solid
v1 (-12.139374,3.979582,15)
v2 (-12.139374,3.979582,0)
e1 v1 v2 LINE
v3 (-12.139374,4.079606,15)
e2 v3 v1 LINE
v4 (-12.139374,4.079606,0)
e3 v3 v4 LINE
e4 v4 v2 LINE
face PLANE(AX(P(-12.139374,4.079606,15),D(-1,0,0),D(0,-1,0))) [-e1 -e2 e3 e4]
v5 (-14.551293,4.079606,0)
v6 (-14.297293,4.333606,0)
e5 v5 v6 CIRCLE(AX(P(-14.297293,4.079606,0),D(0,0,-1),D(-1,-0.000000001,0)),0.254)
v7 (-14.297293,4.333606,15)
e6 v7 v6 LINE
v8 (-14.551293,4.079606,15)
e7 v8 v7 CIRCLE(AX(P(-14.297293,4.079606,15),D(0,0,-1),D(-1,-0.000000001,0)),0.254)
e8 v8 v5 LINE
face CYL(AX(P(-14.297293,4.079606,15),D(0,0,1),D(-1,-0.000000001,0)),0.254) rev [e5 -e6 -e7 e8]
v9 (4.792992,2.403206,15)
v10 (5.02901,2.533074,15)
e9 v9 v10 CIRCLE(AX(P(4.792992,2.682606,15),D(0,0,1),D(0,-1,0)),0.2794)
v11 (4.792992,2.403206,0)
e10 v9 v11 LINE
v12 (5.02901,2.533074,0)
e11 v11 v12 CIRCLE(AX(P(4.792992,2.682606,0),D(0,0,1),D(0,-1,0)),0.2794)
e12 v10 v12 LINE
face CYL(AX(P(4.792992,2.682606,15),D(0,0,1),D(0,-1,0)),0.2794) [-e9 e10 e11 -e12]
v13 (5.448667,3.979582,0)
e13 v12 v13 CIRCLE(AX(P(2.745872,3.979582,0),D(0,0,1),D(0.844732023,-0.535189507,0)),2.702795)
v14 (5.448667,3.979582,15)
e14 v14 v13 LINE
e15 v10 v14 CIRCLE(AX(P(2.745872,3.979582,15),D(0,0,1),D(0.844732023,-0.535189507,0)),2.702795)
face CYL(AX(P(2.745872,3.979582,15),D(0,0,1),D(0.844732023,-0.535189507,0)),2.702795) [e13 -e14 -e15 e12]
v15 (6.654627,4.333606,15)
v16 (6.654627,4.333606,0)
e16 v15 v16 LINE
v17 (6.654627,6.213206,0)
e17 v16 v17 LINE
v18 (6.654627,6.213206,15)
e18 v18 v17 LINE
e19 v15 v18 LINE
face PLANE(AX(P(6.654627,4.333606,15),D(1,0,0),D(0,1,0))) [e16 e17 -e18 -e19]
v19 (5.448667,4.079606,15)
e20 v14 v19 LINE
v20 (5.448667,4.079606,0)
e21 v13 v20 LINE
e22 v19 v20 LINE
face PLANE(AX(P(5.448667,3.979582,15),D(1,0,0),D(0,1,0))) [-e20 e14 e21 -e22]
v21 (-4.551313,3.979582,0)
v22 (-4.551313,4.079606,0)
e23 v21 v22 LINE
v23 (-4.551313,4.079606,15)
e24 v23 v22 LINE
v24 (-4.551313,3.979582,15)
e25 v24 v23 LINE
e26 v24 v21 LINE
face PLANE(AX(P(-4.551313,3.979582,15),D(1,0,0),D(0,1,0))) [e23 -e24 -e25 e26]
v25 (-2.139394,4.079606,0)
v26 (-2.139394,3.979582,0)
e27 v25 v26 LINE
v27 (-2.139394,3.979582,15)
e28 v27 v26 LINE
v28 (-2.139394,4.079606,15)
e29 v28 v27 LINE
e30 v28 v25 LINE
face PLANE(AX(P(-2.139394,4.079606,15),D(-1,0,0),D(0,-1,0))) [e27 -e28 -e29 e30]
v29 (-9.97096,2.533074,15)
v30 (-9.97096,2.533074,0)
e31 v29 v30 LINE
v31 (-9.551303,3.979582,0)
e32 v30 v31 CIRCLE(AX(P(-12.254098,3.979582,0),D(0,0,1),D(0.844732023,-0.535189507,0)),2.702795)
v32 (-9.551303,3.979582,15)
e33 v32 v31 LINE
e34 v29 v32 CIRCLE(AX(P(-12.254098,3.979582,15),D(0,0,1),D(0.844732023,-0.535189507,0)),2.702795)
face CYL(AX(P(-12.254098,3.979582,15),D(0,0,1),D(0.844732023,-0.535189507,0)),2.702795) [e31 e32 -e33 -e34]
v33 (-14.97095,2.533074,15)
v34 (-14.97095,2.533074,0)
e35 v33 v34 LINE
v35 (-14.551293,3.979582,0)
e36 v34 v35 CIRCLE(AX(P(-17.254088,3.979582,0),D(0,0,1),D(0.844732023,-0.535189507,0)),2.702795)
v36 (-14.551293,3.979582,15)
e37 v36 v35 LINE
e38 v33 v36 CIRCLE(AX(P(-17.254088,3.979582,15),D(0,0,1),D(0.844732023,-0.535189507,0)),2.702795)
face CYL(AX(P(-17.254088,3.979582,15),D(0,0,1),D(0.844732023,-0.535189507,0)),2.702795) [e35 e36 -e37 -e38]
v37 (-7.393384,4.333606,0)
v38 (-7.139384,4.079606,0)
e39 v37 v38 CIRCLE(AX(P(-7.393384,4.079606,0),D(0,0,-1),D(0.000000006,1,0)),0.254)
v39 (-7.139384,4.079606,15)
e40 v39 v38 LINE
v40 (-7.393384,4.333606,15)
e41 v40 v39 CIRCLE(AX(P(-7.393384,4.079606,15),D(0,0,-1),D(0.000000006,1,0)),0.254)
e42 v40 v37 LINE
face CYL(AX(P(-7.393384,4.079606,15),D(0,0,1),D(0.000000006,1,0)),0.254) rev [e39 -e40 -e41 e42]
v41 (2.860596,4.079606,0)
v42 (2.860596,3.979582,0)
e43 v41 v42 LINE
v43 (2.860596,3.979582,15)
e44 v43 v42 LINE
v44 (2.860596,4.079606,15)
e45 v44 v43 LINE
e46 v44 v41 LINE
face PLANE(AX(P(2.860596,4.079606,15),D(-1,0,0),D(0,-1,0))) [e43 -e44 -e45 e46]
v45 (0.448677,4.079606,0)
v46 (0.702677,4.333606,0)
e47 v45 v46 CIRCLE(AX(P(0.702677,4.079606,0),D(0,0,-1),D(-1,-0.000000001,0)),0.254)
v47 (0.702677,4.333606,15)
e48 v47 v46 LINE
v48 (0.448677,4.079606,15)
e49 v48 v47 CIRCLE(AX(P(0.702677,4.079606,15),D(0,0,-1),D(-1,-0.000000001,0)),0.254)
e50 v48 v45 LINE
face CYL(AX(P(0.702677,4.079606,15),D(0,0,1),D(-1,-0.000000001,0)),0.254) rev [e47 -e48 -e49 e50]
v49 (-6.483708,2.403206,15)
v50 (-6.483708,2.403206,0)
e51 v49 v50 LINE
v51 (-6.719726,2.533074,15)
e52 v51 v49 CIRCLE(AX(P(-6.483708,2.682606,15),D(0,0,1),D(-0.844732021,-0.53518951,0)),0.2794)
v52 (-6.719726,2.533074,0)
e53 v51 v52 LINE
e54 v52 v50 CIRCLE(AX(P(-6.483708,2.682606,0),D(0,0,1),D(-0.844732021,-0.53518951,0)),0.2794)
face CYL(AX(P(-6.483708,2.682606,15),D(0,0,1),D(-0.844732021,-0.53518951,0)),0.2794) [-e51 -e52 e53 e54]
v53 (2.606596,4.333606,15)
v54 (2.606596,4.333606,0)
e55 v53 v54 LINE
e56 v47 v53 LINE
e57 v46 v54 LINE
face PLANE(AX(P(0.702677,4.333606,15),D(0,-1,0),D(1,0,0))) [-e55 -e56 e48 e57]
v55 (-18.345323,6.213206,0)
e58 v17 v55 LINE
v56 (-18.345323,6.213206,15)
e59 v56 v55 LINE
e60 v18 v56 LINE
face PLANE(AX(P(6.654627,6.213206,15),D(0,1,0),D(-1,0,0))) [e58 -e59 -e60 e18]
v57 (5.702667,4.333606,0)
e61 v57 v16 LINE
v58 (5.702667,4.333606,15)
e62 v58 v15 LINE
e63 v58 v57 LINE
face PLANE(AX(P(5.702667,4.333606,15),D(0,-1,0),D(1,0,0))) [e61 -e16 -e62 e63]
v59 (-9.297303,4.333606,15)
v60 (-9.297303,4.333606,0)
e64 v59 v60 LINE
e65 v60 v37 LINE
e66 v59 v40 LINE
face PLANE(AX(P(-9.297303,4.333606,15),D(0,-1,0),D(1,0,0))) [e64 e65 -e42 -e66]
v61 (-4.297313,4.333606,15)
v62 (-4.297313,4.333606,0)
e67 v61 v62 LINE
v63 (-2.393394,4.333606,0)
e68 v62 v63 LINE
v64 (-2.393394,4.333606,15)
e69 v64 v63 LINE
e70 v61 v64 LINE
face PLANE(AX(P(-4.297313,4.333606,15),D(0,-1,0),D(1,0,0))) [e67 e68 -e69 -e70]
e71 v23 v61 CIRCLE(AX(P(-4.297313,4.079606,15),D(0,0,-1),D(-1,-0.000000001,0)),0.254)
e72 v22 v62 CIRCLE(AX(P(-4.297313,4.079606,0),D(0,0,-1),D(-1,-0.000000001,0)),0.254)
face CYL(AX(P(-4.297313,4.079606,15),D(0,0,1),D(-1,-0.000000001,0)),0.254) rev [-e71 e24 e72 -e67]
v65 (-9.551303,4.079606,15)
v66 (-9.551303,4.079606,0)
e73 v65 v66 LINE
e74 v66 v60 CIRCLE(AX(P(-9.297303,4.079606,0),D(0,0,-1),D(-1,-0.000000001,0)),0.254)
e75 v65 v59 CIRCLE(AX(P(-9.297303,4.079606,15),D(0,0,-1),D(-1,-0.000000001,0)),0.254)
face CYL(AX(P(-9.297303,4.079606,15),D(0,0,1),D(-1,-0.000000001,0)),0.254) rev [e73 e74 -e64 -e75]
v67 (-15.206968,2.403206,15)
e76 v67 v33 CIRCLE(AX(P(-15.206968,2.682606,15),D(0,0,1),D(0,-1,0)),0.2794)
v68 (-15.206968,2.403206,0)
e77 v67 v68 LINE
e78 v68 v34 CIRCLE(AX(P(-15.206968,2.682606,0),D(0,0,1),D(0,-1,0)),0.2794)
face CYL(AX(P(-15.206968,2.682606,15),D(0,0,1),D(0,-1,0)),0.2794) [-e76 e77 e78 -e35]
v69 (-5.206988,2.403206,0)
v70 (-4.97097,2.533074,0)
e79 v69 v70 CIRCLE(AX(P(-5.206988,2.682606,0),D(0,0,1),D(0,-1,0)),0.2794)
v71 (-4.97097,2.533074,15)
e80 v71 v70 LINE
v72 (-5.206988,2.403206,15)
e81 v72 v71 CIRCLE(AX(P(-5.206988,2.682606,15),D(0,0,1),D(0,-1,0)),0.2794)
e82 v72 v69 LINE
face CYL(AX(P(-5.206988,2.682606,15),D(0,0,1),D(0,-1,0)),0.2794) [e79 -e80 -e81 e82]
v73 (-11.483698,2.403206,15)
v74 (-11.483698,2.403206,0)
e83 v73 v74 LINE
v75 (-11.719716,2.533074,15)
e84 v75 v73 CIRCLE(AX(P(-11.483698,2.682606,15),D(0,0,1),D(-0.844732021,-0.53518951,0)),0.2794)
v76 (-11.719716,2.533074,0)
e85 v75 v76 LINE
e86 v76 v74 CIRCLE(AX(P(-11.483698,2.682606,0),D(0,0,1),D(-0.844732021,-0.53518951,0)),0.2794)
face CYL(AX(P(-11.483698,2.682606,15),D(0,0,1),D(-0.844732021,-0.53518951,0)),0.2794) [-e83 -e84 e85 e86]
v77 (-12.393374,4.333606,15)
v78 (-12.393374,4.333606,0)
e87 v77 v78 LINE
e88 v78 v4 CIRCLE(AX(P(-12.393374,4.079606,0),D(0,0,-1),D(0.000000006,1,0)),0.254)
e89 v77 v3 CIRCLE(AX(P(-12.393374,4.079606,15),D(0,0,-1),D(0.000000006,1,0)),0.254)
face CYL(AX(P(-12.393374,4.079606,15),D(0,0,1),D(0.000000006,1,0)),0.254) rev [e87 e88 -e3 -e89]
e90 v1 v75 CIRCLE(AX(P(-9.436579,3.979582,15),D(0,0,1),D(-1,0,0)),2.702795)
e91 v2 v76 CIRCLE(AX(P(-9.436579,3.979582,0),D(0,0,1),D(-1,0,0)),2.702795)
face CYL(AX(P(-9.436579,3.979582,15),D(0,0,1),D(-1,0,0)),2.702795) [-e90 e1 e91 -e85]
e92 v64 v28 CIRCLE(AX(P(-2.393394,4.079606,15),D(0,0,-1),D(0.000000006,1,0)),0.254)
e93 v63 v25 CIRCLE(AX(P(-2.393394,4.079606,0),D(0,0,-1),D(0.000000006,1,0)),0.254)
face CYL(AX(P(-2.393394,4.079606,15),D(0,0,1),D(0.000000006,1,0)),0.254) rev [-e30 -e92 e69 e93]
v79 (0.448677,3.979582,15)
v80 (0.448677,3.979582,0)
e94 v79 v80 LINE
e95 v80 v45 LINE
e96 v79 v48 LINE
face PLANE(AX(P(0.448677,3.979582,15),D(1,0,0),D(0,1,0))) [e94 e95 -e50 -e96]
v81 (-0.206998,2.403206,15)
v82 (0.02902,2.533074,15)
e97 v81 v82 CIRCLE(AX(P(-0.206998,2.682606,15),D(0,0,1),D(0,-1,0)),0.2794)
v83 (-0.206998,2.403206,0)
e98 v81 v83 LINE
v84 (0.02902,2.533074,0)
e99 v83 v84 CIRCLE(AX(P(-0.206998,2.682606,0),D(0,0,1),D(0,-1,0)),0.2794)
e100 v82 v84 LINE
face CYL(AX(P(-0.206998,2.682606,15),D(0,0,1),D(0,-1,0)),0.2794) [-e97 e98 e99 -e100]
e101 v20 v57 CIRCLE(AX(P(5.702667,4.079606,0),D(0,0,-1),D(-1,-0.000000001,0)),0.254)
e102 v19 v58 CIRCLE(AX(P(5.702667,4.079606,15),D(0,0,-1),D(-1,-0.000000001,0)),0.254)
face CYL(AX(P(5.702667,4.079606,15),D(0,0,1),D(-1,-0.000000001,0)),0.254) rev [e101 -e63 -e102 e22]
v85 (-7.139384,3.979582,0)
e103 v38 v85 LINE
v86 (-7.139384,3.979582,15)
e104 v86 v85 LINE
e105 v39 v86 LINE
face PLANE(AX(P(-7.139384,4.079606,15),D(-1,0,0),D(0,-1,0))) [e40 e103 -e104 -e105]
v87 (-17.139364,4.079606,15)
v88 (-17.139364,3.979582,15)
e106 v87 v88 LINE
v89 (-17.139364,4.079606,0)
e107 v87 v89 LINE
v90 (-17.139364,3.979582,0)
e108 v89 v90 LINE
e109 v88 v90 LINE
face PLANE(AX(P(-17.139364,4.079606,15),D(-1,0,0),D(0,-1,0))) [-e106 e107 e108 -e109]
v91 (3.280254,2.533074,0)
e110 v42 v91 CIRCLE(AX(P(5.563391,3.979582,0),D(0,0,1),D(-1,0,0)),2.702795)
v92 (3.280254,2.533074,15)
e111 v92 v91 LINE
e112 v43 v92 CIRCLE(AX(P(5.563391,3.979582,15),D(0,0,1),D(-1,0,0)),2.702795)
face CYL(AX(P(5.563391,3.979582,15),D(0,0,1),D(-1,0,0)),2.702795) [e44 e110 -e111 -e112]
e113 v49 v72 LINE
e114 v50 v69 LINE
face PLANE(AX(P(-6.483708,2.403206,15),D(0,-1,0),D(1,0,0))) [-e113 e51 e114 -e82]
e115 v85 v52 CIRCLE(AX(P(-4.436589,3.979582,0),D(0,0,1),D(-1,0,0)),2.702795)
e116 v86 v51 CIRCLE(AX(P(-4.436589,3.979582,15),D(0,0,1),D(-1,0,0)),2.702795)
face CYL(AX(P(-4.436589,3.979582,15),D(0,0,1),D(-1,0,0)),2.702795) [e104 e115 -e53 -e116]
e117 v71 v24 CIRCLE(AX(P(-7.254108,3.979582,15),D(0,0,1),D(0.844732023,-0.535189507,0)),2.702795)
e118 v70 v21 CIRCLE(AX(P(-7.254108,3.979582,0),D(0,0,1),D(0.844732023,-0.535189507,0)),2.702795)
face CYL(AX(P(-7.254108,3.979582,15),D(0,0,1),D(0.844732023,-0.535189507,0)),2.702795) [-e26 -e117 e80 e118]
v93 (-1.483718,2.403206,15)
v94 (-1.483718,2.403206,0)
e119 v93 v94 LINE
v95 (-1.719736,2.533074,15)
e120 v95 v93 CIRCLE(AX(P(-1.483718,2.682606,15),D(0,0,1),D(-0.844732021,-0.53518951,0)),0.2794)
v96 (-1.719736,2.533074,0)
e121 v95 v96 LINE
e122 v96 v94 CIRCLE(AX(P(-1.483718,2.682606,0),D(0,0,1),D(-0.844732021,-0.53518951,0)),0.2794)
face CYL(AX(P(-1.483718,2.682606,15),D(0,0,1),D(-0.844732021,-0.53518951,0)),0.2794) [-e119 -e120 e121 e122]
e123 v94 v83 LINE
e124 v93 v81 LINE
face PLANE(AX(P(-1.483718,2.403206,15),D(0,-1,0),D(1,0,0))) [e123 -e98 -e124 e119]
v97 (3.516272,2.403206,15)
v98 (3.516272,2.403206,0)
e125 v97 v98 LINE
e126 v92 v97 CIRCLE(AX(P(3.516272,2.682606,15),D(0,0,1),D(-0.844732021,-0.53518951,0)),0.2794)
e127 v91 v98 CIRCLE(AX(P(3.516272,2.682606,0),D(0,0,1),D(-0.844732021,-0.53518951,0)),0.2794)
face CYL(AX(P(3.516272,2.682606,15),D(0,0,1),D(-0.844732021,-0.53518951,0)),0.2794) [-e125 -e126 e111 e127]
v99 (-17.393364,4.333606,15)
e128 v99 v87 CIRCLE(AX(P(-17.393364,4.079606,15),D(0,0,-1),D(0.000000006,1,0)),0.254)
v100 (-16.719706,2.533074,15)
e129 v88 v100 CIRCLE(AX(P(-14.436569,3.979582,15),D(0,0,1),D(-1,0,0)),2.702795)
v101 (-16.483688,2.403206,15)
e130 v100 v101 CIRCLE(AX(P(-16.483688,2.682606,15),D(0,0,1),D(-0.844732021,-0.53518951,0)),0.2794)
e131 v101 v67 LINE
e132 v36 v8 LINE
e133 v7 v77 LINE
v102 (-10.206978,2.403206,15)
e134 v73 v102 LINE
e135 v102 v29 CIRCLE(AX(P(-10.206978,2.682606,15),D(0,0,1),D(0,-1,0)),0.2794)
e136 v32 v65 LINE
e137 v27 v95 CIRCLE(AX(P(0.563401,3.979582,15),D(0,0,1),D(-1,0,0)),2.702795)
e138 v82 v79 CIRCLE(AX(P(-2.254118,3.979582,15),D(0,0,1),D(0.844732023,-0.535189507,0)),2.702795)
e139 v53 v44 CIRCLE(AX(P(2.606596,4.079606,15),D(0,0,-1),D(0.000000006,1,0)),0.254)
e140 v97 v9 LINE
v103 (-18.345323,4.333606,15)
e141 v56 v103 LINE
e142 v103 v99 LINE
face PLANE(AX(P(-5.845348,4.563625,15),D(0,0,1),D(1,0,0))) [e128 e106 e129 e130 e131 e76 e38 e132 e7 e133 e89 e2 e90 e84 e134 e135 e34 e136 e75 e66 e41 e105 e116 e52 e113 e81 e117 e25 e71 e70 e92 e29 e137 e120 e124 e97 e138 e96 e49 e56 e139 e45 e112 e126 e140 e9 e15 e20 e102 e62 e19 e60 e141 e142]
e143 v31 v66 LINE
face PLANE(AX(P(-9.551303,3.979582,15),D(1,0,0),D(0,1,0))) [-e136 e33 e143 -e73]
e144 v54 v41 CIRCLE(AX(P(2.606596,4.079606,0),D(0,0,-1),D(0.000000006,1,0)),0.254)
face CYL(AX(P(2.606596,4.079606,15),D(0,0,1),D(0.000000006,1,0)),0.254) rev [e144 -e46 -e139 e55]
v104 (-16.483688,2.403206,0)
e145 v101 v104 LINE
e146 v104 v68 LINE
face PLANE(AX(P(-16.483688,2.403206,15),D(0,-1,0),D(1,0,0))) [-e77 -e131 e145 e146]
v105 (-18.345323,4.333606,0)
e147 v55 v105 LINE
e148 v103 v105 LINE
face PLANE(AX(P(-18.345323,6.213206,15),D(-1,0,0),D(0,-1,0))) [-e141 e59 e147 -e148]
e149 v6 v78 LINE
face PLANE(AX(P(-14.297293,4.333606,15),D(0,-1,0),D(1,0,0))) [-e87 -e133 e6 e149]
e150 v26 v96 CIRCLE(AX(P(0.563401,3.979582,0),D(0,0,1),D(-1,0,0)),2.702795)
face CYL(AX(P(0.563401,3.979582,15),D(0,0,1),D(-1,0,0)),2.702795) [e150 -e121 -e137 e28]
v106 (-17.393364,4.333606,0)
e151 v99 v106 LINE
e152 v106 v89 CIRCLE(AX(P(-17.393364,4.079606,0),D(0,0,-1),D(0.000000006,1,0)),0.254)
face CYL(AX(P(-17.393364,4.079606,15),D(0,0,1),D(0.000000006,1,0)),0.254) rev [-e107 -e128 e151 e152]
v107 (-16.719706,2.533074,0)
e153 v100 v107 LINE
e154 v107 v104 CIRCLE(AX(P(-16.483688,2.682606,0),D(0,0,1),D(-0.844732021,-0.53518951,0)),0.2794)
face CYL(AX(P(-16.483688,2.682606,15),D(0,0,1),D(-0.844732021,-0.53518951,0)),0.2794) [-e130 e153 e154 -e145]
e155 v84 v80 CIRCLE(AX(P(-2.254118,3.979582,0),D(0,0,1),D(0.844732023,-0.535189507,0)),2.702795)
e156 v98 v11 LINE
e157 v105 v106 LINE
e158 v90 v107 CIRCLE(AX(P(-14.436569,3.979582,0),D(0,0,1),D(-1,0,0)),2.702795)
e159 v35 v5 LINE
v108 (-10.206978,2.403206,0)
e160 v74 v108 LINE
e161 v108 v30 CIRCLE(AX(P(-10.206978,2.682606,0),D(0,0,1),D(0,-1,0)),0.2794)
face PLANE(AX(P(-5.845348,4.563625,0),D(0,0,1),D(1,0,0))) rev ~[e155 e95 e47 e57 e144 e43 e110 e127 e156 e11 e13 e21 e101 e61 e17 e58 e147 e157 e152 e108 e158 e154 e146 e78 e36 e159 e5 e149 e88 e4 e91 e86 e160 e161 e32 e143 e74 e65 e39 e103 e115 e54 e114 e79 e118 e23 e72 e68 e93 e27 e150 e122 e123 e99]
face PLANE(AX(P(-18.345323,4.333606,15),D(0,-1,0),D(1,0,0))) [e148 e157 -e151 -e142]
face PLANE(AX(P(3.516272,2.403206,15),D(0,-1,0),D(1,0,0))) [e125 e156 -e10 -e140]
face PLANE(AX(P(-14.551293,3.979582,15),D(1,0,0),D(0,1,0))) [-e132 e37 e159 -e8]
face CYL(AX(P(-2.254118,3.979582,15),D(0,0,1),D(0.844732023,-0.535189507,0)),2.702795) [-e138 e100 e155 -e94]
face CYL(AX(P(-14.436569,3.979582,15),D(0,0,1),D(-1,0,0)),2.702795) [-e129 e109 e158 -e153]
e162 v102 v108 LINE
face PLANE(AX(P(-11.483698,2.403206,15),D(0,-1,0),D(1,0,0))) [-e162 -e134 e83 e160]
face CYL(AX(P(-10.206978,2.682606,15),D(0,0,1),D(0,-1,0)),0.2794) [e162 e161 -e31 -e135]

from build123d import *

# Parameters (mm, degrees)
EXTRUDE1_DEPTH = 15


with BuildPart() as part:
    # Sketch1 → Extrude1 (new body)
    with BuildSketch(Plane.XY.offset(15)):
        with BuildLine():
            Line((-14.551292676, 3.97958199), (-14.551292676, 4.079606381))
            ThreePointArc((-14.551292676, 4.079606381), (-14.476897799, 4.259211503), (-14.297292676, 4.333606381))
            Line((-14.297292676, 4.333606381), (-12.393373616, 4.333606381))
            ThreePointArc((-12.393373616, 4.333606381), (-12.213768494, 4.259211503), (-12.139373616, 4.079606381))
            Line((-12.139373616, 4.079606381), (-12.139373616, 3.97958199))
            ThreePointArc((-12.139373616, 3.97958199), (-12.032339909, 3.226505542), (-11.719716097, 2.533074433))
            ThreePointArc((-11.719716097, 2.533074433), (-11.618392315, 2.437817098), (-11.483697969, 2.403206381))
            Line((-11.483697969, 2.403206381), (-10.206978323, 2.403206381))
            ThreePointArc((-10.206978323, 2.403206381), (-10.072283977, 2.437817098), (-9.970960196, 2.533074433))
            ThreePointArc((-9.970960196, 2.533074433), (-9.658336383, 3.226505542), (-9.551302676, 3.97958199))
            Line((-9.551302676, 3.97958199), (-9.551302676, 4.079606381))
            ThreePointArc((-9.551302676, 4.079606381), (-9.476907799, 4.259211503), (-9.297302676, 4.333606381))
            Line((-9.297302676, 4.333606381), (-7.393383616, 4.333606381))
            ThreePointArc((-7.393383616, 4.333606381), (-7.213778494, 4.259211503), (-7.139383616, 4.079606381))
            Line((-7.139383616, 4.079606381), (-7.139383616, 3.97958199))
            ThreePointArc((-7.139383616, 3.97958199), (-7.032349909, 3.226505542), (-6.719726097, 2.533074433))
            ThreePointArc((-6.719726097, 2.533074433), (-6.618402315, 2.437817098), (-6.483707969, 2.403206381))
            Line((-6.483707969, 2.403206381), (-5.206988323, 2.403206381))
            ThreePointArc((-5.206988323, 2.403206381), (-5.072293977, 2.437817098), (-4.970970196, 2.533074433))
            ThreePointArc((-4.970970196, 2.533074433), (-4.658346383, 3.226505542), (-4.551312676, 3.97958199))
            Line((-4.551312676, 3.97958199), (-4.551312676, 4.079606381))
            ThreePointArc((-4.551312676, 4.079606381), (-4.476917799, 4.259211503), (-4.297312676, 4.333606381))
            Line((-4.297312676, 4.333606381), (-2.393393616, 4.333606381))
            ThreePointArc((-2.393393616, 4.333606381), (-2.213788494, 4.259211503), (-2.139393616, 4.079606381))
            Line((-2.139393616, 4.079606381), (-2.139393616, 3.97958199))
            ThreePointArc((-2.139393616, 3.97958199), (-2.032359909, 3.226505542), (-1.719736097, 2.533074433))
            ThreePointArc((-1.719736097, 2.533074433), (-1.618412315, 2.437817098), (-1.483717969, 2.403206381))
            Line((-1.483717969, 2.403206381), (-0.206998323, 2.403206381))
            ThreePointArc((-0.206998323, 2.403206381), (-0.072303977, 2.437817098), (0.029019804, 2.533074433))
            ThreePointArc((0.029019804, 2.533074433), (0.341643617, 3.226505542), (0.448677324, 3.97958199))
            Line((0.448677324, 3.97958199), (0.448677324, 4.079606381))
            ThreePointArc((0.448677324, 4.079606381), (0.523072201, 4.259211503), (0.702677324, 4.333606381))
            Line((0.702677324, 4.333606381), (2.606596384, 4.333606381))
            ThreePointArc((2.606596384, 4.333606381), (2.786201506, 4.259211503), (2.860596384, 4.079606381))
            Line((2.860596384, 4.079606381), (2.860596384, 3.97958199))
            ThreePointArc((2.860596384, 3.97958199), (2.967630091, 3.226505542), (3.280253903, 2.533074433))
            ThreePointArc((3.280253903, 2.533074433), (3.381577685, 2.437817098), (3.516272031, 2.403206381))
            Line((3.516272031, 2.403206381), (4.792991677, 2.403206381))
            ThreePointArc((4.792991677, 2.403206381), (4.927686023, 2.437817098), (5.029009804, 2.533074433))
            ThreePointArc((5.029009804, 2.533074433), (5.341633617, 3.226505542), (5.448667324, 3.97958199))
            Line((5.448667324, 3.97958199), (5.448667324, 4.079606381))
            ThreePointArc((5.448667324, 4.079606381), (5.523062201, 4.259211503), (5.702667324, 4.333606381))
            Line((5.702667324, 4.333606381), (6.654626854, 4.333606381))
            Line((6.654626854, 4.333606381), (6.654626854, 6.213206381))
            Line((6.654626854, 6.213206381), (-18.345323146, 6.213206381))
            Line((-18.345323146, 6.213206381), (-18.345323146, 4.333606381))
            Line((-18.345323146, 4.333606381), (-17.393363616, 4.333606381))
            ThreePointArc((-17.393363616, 4.333606381), (-17.213758494, 4.259211503), (-17.139363616, 4.079606381))
            Line((-17.139363616, 4.079606381), (-17.139363616, 3.97958199))
            ThreePointArc((-17.139363616, 3.97958199), (-17.032329909, 3.226505542), (-16.719706097, 2.533074433))
            ThreePointArc((-16.719706097, 2.533074433), (-16.618382315, 2.437817098), (-16.483687969, 2.403206381))
            Line((-16.483687969, 2.403206381), (-15.206968323, 2.403206381))
            ThreePointArc((-15.206968323, 2.403206381), (-15.072273977, 2.437817098), (-14.970950196, 2.533074433))
            ThreePointArc((-14.970950196, 2.533074433), (-14.658326383, 3.226505542), (-14.551292676, 3.97958199))
        make_face()
    extrude(amount=-EXTRUDE1_DEPTH)


solid = part.part
